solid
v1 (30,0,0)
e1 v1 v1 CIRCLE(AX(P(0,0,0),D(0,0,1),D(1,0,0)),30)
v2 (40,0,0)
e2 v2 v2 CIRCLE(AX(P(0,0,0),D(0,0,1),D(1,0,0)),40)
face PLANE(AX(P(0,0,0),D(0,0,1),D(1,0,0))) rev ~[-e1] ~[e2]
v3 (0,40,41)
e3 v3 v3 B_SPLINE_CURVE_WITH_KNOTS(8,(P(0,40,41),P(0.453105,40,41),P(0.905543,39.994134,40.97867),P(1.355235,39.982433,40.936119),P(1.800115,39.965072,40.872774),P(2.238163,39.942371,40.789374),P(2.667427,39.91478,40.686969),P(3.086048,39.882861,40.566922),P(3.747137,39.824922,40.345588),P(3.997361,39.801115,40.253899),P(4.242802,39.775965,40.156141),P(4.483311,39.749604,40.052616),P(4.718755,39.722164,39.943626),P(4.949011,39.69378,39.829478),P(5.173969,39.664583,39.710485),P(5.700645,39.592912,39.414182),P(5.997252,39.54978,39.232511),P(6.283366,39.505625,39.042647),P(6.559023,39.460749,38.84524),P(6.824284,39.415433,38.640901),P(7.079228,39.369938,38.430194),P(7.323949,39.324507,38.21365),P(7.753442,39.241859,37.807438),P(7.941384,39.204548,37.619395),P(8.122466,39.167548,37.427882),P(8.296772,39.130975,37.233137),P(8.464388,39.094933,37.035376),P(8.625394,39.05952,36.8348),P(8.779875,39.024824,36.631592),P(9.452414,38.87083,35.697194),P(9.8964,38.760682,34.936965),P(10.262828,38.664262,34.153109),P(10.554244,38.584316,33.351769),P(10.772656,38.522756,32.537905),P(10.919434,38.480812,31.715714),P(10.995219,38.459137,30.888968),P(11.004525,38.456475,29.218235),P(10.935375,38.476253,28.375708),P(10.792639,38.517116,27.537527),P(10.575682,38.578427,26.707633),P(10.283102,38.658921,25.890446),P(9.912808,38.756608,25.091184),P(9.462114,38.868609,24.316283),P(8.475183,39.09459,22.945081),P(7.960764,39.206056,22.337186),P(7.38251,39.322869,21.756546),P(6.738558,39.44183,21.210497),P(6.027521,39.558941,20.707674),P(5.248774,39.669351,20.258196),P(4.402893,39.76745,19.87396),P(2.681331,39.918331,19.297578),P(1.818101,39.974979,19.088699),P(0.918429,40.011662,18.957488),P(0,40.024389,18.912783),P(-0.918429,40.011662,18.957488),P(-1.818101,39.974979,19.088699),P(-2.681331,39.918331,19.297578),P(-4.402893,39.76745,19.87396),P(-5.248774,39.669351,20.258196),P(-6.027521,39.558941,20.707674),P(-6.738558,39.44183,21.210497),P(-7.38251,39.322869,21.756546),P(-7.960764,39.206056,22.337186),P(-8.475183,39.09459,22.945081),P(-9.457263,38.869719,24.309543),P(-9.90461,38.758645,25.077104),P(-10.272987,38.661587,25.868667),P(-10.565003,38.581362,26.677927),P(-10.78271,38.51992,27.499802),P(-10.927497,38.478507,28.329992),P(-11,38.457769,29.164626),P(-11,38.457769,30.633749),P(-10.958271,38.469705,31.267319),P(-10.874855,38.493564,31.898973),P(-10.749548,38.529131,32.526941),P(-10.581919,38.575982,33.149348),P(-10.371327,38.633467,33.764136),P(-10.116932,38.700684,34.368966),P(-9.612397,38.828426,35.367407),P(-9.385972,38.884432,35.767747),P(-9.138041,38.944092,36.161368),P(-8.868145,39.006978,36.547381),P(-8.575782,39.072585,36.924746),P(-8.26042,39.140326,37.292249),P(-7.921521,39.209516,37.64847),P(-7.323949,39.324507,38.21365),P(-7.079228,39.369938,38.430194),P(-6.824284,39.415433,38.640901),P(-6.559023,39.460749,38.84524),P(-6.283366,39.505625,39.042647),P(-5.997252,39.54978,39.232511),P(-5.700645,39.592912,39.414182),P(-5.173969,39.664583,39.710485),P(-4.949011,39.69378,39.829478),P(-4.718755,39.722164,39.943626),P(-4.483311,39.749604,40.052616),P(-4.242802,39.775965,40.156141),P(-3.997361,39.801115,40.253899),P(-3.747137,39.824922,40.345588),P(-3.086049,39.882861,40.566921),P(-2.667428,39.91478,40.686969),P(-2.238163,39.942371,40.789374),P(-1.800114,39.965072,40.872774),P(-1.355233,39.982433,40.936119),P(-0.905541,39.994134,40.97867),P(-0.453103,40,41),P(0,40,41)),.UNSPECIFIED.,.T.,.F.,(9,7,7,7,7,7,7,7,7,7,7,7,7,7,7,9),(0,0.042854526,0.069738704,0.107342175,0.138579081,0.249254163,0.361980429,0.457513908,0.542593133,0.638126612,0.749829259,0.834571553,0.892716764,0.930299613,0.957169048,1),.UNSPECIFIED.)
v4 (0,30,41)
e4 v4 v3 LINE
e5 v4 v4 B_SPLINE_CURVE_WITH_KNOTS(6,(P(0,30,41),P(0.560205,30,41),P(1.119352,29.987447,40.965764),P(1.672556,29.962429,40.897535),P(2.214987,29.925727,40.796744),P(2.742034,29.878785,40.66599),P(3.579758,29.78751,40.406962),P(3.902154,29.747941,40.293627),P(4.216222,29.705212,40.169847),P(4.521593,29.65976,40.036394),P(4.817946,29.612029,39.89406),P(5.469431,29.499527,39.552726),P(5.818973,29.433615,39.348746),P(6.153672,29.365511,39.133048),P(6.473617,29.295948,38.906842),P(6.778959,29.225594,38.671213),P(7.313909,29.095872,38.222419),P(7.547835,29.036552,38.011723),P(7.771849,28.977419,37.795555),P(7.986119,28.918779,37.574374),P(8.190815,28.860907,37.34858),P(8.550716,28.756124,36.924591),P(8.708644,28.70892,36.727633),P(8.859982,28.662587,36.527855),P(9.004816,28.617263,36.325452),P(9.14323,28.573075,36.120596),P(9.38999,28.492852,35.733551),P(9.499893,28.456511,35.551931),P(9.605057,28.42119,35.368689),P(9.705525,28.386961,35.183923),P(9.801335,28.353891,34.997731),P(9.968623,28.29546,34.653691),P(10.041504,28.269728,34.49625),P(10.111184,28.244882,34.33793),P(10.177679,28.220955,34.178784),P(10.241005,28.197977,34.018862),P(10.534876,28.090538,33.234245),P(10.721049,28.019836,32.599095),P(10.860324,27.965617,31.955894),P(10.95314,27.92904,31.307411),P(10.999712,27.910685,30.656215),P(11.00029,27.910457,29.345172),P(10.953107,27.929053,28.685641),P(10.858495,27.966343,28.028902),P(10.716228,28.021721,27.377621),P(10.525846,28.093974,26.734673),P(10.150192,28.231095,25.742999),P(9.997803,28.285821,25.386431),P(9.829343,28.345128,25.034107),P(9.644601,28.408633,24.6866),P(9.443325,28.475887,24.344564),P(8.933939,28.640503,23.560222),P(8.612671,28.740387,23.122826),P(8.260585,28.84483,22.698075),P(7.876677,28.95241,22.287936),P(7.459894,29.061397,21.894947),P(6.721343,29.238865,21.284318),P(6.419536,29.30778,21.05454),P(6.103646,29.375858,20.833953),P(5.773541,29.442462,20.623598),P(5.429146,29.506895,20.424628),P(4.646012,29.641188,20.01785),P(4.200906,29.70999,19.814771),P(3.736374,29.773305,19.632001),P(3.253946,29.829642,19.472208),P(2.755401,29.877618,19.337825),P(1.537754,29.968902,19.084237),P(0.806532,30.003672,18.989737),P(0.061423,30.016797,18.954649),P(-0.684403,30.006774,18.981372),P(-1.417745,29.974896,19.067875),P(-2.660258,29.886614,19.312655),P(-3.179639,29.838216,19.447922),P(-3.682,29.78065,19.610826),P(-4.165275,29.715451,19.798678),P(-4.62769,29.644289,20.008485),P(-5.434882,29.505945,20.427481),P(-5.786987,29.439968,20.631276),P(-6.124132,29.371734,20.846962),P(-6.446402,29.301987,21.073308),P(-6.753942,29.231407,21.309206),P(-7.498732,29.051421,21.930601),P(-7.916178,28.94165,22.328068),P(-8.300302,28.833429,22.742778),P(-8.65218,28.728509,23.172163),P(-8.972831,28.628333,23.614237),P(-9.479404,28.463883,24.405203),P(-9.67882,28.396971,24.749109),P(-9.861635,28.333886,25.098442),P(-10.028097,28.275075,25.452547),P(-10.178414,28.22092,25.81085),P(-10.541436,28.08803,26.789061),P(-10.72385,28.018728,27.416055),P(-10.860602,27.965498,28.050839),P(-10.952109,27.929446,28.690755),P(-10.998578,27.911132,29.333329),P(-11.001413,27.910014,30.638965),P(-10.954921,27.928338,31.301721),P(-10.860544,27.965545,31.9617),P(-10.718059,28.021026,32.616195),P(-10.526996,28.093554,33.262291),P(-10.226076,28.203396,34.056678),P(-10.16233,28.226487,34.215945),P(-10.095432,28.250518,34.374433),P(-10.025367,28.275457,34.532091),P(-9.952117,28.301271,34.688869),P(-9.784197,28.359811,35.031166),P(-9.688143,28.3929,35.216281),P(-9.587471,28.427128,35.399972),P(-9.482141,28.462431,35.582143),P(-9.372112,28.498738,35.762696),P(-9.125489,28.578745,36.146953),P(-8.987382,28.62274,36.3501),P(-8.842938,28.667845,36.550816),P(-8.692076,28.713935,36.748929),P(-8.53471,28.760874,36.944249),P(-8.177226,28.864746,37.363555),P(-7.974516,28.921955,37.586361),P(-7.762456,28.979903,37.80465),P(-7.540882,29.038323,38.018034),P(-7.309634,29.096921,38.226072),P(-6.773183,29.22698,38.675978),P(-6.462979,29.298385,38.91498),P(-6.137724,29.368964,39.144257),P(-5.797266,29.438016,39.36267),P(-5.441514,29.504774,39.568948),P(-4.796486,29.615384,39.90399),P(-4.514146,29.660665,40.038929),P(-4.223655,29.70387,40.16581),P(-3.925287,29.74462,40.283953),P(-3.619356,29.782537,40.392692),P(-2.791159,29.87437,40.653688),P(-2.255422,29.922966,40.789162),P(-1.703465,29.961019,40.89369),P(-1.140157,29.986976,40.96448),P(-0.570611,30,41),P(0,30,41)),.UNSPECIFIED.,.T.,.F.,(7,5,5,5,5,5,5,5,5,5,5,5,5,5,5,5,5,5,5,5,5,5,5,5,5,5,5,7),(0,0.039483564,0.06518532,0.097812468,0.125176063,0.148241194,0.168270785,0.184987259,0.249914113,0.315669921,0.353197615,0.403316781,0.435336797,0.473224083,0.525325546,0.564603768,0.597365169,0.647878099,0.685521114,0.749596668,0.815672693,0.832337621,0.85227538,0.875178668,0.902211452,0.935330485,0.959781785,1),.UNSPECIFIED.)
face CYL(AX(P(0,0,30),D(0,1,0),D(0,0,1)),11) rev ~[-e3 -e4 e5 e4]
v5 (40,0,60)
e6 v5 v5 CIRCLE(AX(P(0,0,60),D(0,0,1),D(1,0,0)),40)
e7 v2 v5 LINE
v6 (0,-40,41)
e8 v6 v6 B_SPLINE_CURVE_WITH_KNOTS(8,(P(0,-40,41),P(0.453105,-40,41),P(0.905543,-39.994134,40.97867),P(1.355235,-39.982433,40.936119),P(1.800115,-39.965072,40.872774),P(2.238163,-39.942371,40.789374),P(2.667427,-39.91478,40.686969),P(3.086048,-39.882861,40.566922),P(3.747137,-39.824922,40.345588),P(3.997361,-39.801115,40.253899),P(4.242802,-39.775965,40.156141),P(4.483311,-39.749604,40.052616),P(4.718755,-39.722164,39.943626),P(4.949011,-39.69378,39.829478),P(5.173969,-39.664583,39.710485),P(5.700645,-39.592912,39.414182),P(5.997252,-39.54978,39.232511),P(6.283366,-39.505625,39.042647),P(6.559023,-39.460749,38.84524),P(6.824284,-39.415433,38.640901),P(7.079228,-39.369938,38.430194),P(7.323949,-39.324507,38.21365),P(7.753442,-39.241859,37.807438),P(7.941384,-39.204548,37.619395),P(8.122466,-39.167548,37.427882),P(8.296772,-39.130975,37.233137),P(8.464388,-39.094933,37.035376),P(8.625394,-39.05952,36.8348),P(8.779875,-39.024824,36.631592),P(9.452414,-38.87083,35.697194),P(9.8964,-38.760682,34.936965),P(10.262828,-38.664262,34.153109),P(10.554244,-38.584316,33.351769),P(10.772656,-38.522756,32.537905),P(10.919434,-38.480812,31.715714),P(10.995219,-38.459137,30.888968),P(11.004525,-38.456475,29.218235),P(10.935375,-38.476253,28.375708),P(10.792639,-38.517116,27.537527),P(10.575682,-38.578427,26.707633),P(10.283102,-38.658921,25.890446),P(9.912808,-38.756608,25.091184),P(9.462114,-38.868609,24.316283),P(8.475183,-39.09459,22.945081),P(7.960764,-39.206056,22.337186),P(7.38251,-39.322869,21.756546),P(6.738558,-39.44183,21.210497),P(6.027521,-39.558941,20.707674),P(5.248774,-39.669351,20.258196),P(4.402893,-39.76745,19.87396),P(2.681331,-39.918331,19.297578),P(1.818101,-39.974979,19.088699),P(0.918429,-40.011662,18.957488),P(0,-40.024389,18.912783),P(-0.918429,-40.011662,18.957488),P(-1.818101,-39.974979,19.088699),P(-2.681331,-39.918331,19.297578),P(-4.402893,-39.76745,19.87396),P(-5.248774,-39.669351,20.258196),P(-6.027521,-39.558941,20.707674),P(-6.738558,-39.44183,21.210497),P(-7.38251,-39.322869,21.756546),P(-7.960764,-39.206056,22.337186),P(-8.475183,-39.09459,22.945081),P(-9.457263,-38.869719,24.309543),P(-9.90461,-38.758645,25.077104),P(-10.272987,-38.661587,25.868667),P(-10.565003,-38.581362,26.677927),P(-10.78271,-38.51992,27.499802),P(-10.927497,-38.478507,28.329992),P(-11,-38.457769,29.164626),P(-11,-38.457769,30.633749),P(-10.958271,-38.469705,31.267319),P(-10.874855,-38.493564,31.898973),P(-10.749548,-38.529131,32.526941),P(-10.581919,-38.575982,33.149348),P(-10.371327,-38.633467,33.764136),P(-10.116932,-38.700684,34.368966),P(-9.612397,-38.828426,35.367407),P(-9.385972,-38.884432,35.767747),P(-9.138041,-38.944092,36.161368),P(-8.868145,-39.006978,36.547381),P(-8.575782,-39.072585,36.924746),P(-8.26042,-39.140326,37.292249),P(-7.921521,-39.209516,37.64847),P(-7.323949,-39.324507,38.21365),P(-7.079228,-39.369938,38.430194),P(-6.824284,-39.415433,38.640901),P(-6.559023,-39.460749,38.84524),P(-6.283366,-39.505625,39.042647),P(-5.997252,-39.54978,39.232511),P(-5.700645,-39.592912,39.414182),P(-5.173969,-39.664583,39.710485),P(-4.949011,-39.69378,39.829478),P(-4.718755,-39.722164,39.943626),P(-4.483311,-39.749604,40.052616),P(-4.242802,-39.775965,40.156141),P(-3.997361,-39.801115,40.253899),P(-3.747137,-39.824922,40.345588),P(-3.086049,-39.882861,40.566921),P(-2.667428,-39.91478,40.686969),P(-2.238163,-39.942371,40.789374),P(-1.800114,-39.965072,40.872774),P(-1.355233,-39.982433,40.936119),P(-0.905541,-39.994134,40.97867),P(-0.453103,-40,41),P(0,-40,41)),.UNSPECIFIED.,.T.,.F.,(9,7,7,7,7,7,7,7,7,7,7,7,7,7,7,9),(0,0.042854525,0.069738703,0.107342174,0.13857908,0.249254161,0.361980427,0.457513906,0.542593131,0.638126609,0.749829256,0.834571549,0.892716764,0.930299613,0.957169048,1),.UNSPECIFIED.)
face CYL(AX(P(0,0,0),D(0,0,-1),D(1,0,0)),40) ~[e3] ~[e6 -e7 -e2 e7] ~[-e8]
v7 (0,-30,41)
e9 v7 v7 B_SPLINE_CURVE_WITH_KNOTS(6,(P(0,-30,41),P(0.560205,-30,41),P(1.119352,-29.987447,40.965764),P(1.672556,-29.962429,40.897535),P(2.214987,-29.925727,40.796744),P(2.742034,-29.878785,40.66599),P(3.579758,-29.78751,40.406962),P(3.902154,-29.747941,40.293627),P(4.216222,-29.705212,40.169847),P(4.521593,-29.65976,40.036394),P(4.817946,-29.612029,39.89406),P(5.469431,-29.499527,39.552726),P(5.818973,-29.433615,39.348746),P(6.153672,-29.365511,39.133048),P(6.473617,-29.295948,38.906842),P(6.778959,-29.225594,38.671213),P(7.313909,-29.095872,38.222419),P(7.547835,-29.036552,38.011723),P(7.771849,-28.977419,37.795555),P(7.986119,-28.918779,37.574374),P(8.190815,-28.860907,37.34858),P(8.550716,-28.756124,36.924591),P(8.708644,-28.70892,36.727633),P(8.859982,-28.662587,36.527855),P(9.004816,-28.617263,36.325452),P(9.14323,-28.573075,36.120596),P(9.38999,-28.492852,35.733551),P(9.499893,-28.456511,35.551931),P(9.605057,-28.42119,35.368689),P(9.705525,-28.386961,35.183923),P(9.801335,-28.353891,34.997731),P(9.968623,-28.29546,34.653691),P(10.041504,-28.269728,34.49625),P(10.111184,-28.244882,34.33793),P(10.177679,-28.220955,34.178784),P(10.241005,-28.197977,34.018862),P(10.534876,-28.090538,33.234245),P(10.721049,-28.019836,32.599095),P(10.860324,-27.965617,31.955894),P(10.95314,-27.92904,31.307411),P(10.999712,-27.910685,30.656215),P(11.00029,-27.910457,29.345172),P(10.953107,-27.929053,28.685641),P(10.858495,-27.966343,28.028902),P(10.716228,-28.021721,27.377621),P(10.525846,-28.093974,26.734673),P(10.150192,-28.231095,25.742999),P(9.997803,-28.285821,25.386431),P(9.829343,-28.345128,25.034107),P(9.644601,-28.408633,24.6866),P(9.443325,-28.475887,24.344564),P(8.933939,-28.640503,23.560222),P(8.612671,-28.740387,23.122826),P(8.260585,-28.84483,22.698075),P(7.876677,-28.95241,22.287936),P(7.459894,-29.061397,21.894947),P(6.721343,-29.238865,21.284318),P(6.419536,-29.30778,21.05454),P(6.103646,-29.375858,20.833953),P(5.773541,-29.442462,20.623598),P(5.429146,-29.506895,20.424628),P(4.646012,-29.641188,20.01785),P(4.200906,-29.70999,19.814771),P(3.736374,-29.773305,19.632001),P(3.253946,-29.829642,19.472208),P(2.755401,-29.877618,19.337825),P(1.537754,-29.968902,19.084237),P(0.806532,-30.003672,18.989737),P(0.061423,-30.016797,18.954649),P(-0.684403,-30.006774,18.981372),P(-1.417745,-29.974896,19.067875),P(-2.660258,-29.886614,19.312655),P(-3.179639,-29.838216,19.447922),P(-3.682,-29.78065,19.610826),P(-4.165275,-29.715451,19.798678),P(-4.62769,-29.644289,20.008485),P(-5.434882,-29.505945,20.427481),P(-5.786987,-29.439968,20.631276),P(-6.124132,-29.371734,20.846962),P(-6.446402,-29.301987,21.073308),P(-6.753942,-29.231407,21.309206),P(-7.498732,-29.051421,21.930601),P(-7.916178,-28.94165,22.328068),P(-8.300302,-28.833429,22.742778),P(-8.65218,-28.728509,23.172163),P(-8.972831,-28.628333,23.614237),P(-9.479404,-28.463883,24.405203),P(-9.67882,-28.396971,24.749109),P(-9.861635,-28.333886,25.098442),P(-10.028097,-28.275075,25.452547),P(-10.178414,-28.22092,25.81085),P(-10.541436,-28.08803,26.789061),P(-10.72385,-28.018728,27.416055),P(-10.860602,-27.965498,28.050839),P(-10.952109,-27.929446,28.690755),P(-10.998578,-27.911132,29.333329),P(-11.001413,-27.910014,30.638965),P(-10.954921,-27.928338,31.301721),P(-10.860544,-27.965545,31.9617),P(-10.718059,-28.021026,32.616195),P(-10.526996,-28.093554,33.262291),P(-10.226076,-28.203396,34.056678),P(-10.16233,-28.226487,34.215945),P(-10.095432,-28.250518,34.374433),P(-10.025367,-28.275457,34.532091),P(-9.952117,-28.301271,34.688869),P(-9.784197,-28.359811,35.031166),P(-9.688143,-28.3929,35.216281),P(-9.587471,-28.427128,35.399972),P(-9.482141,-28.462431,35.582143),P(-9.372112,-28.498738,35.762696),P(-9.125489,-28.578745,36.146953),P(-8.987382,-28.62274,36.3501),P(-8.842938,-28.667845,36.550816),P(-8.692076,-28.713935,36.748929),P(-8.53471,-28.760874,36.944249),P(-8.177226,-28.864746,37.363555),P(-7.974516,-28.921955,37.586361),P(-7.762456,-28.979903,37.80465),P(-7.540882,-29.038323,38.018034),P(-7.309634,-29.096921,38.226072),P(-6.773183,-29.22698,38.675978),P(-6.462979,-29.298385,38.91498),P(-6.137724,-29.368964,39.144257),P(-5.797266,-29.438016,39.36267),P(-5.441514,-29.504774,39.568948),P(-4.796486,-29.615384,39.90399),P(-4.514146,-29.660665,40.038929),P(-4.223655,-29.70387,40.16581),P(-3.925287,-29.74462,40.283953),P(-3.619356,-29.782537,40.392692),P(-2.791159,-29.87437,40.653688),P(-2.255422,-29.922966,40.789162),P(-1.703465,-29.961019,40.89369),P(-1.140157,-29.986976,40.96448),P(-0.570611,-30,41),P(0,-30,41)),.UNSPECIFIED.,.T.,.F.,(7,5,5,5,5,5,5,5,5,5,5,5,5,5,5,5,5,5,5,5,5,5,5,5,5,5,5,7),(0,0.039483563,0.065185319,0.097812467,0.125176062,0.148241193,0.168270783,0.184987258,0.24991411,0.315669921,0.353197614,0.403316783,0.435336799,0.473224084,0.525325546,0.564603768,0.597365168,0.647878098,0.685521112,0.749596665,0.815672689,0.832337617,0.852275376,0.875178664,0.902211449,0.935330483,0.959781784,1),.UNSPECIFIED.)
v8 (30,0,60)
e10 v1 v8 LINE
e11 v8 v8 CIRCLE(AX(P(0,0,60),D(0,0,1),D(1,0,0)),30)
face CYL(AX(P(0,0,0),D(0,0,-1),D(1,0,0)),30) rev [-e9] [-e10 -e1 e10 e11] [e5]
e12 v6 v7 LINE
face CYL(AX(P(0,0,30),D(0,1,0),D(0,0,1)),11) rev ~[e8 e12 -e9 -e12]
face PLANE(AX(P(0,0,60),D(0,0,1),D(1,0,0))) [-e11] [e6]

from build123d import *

# Parameters (mm, degrees)
IZIM1_R                     = 40
IZIM1_R_2                   = 30
Y_KSEKLIK_EKSTR_ZYON1_DEPTH = 60
IZIM2_R                     = 11
KES_EKSTR_ZYON1_DEPTH       = 80


with BuildPart() as part:
    # Çizim1 → Yükseklik-Ekstrüzyon1 (new body)
    with BuildSketch(Plane.XY):
        Circle(IZIM1_R)
        Circle(IZIM1_R_2, mode=Mode.SUBTRACT)
    extrude(amount=Y_KSEKLIK_EKSTR_ZYON1_DEPTH)

    # Çizim2 → Kes-Ekstrüzyon1 (cut, symmetric)
    with BuildSketch(Plane(origin=(0, 0, 0), x_dir=(1, 0, 0), z_dir=(0, 1, 0))):
        with Locations(Location((0, -30, 0), (0, 0, 270))):
            Circle(IZIM2_R)
    extrude(amount=KES_EKSTR_ZYON1_DEPTH, both=True, mode=Mode.SUBTRACT)


solid = part.part
